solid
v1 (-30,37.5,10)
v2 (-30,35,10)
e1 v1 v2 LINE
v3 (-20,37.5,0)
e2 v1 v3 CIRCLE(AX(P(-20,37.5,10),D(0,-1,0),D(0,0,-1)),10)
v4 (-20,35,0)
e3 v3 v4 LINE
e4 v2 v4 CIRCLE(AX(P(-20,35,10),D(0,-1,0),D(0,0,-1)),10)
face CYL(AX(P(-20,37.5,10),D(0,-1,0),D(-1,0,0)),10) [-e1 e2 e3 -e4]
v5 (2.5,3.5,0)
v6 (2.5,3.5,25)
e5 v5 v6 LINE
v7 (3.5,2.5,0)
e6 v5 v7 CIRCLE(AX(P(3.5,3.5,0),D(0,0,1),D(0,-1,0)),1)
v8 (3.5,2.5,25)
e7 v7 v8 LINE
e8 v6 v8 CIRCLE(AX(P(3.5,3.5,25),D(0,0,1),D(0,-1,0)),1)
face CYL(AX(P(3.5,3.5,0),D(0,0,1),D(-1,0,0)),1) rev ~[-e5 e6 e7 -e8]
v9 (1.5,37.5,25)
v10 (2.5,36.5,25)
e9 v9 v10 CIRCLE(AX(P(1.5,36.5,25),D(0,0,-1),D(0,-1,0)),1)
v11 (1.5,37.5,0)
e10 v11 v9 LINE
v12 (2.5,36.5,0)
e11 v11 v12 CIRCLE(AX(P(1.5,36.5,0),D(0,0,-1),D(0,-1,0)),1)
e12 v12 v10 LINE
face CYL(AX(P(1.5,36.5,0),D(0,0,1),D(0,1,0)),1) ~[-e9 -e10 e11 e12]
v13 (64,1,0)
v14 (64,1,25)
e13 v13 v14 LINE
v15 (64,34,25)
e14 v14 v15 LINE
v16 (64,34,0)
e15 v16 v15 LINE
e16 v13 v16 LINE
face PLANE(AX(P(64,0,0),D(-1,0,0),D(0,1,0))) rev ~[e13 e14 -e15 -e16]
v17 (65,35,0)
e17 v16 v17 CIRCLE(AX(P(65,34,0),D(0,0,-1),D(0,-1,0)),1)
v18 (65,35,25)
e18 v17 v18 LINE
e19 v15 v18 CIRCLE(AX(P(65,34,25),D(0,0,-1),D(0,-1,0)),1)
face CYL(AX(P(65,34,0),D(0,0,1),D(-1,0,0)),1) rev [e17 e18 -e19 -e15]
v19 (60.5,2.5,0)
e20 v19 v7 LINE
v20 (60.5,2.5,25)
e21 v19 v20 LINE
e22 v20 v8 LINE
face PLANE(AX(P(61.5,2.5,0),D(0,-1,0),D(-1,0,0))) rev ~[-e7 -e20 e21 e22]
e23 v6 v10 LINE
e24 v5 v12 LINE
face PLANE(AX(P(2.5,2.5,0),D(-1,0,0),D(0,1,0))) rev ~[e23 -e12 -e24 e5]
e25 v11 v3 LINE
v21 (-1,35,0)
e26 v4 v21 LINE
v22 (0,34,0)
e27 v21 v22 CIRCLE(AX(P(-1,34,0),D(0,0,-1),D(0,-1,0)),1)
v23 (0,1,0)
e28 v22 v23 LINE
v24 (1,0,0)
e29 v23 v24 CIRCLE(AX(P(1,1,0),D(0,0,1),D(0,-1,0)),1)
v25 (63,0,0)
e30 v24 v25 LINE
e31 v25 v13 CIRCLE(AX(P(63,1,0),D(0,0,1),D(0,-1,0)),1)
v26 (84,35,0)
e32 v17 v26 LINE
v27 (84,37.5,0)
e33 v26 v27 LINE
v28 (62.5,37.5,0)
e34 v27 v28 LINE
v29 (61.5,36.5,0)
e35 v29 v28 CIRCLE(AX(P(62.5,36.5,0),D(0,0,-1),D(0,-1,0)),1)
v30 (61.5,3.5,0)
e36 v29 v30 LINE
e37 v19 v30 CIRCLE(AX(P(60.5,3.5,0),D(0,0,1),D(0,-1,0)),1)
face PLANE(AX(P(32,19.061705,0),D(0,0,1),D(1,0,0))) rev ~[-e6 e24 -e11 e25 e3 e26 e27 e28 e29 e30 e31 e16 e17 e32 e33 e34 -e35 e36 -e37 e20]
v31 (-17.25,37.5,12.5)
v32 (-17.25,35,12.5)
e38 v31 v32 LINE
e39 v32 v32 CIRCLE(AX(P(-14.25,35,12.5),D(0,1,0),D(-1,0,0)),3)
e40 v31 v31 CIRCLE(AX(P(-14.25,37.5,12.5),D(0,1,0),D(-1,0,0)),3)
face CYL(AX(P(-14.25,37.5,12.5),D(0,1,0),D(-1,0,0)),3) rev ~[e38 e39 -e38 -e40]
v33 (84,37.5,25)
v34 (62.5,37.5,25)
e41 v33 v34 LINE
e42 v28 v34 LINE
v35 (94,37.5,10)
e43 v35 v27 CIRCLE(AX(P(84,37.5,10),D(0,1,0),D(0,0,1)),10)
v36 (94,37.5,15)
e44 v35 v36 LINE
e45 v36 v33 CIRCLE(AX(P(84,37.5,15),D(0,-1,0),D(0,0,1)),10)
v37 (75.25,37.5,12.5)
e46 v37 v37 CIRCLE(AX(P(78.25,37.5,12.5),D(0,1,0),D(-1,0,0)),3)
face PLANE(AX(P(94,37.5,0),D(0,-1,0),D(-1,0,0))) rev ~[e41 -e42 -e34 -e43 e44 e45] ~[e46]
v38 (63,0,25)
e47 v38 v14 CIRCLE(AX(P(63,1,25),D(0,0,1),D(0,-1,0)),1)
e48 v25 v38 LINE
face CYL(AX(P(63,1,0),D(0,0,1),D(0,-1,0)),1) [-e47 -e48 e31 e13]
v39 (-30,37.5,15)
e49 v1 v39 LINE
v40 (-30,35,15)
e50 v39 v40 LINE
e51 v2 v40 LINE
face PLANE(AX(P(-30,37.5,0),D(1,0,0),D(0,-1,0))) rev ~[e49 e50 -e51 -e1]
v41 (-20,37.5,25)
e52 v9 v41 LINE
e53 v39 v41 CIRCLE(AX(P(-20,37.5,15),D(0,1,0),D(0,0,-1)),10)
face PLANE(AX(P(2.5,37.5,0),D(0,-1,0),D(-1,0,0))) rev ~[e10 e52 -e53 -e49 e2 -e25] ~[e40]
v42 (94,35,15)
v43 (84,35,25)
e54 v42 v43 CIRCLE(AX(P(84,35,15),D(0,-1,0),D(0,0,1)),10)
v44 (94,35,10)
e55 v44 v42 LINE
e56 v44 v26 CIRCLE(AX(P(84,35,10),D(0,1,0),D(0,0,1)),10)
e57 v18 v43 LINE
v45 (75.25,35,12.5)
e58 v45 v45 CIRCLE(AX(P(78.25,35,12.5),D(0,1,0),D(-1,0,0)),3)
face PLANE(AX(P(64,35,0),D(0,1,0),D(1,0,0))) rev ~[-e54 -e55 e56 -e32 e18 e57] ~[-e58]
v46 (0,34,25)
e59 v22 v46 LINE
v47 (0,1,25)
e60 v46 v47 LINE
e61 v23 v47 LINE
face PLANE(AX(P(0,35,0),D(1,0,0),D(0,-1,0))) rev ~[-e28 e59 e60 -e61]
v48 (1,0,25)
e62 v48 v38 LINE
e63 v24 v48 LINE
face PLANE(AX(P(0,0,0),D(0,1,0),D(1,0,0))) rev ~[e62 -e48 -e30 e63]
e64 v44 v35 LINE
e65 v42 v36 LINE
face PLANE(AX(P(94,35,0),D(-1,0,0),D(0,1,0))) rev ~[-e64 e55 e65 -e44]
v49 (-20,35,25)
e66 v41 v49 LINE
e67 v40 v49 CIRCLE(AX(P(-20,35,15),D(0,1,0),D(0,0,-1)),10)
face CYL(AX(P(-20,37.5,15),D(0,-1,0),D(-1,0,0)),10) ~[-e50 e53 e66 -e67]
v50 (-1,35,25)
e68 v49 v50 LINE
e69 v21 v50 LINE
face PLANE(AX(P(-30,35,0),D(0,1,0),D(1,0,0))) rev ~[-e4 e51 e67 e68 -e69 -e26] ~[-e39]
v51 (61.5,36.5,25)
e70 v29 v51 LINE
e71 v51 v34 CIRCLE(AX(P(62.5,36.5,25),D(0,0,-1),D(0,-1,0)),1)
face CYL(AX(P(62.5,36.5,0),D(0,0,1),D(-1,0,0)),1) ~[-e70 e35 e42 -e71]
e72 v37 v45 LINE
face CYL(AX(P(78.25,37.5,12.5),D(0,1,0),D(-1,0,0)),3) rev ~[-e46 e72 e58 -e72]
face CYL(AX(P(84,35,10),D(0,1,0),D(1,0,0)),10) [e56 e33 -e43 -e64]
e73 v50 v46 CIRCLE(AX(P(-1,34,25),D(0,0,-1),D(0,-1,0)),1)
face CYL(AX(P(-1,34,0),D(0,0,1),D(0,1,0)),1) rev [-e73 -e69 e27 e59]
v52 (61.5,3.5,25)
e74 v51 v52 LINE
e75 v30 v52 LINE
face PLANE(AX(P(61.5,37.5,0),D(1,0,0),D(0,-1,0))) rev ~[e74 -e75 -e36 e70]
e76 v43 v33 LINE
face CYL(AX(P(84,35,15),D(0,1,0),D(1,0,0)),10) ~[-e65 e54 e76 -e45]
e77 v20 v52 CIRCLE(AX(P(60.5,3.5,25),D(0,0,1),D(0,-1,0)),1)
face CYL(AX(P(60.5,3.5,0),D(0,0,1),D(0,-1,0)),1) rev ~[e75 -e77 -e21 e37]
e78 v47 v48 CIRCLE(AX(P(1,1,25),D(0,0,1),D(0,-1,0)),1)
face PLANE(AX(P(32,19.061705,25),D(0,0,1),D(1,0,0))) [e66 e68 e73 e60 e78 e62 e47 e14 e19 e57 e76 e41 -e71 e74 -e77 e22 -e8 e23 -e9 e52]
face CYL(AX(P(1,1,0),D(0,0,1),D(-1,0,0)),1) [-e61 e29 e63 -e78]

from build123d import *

# Parameters (mm, degrees)
F1_DEPTH = 25
F2_R     = 10
F3_R     = 1
F4_R     = 3
F5_DEPTH = 25


with BuildPart() as f1:
    # F0 (on Top) → F1 (new body)
    with BuildSketch(Plane.XY):
        Polygon((-30, 37.5), (-30, 35), (0, 35), (0, 0), (64, 0), (64, 35), (94, 35), (94, 37.5), (61.5, 37.5), (61.5, 2.5), (2.5, 2.5), (2.5, 37.5), align=None)
    extrude(amount=F1_DEPTH)

    # F2
    f2_edges = [f1.edges().sort_by_distance(p)[0] for p in [
        (-30, 36.25, 25),
        (-30, 36.25, 0),
        (94, 36.25, 0),
        (94, 36.25, 25),
    ]]
    fillet(f2_edges, radius=F2_R)

    # F3
    f3_edges = [f1.edges().sort_by_distance(p)[0] for p in [
        (64, 35, 12.5),
        (64, 0, 12.5),
        (0, 0, 12.5),
        (0, 35, 12.5),
        (2.5, 37.5, 12.5),
        (2.5, 2.5, 12.5),
        (61.5, 2.5, 12.5),
        (61.5, 37.5, 12.5),
    ]]
    fillet(f3_edges, radius=F3_R)

    # F4 (on face) → F5 (cut)
    with BuildSketch(Plane(origin=(0, 37.5, 0), x_dir=(-1, 0, 0), z_dir=(0, 1, 0))):
        with Locations((14.25, 12.5)):
            Circle(F4_R)
        with Locations((-78.25, 12.5)):
            Circle(F4_R)
    extrude(amount=-F5_DEPTH, mode=Mode.SUBTRACT)


solid = f1.part
